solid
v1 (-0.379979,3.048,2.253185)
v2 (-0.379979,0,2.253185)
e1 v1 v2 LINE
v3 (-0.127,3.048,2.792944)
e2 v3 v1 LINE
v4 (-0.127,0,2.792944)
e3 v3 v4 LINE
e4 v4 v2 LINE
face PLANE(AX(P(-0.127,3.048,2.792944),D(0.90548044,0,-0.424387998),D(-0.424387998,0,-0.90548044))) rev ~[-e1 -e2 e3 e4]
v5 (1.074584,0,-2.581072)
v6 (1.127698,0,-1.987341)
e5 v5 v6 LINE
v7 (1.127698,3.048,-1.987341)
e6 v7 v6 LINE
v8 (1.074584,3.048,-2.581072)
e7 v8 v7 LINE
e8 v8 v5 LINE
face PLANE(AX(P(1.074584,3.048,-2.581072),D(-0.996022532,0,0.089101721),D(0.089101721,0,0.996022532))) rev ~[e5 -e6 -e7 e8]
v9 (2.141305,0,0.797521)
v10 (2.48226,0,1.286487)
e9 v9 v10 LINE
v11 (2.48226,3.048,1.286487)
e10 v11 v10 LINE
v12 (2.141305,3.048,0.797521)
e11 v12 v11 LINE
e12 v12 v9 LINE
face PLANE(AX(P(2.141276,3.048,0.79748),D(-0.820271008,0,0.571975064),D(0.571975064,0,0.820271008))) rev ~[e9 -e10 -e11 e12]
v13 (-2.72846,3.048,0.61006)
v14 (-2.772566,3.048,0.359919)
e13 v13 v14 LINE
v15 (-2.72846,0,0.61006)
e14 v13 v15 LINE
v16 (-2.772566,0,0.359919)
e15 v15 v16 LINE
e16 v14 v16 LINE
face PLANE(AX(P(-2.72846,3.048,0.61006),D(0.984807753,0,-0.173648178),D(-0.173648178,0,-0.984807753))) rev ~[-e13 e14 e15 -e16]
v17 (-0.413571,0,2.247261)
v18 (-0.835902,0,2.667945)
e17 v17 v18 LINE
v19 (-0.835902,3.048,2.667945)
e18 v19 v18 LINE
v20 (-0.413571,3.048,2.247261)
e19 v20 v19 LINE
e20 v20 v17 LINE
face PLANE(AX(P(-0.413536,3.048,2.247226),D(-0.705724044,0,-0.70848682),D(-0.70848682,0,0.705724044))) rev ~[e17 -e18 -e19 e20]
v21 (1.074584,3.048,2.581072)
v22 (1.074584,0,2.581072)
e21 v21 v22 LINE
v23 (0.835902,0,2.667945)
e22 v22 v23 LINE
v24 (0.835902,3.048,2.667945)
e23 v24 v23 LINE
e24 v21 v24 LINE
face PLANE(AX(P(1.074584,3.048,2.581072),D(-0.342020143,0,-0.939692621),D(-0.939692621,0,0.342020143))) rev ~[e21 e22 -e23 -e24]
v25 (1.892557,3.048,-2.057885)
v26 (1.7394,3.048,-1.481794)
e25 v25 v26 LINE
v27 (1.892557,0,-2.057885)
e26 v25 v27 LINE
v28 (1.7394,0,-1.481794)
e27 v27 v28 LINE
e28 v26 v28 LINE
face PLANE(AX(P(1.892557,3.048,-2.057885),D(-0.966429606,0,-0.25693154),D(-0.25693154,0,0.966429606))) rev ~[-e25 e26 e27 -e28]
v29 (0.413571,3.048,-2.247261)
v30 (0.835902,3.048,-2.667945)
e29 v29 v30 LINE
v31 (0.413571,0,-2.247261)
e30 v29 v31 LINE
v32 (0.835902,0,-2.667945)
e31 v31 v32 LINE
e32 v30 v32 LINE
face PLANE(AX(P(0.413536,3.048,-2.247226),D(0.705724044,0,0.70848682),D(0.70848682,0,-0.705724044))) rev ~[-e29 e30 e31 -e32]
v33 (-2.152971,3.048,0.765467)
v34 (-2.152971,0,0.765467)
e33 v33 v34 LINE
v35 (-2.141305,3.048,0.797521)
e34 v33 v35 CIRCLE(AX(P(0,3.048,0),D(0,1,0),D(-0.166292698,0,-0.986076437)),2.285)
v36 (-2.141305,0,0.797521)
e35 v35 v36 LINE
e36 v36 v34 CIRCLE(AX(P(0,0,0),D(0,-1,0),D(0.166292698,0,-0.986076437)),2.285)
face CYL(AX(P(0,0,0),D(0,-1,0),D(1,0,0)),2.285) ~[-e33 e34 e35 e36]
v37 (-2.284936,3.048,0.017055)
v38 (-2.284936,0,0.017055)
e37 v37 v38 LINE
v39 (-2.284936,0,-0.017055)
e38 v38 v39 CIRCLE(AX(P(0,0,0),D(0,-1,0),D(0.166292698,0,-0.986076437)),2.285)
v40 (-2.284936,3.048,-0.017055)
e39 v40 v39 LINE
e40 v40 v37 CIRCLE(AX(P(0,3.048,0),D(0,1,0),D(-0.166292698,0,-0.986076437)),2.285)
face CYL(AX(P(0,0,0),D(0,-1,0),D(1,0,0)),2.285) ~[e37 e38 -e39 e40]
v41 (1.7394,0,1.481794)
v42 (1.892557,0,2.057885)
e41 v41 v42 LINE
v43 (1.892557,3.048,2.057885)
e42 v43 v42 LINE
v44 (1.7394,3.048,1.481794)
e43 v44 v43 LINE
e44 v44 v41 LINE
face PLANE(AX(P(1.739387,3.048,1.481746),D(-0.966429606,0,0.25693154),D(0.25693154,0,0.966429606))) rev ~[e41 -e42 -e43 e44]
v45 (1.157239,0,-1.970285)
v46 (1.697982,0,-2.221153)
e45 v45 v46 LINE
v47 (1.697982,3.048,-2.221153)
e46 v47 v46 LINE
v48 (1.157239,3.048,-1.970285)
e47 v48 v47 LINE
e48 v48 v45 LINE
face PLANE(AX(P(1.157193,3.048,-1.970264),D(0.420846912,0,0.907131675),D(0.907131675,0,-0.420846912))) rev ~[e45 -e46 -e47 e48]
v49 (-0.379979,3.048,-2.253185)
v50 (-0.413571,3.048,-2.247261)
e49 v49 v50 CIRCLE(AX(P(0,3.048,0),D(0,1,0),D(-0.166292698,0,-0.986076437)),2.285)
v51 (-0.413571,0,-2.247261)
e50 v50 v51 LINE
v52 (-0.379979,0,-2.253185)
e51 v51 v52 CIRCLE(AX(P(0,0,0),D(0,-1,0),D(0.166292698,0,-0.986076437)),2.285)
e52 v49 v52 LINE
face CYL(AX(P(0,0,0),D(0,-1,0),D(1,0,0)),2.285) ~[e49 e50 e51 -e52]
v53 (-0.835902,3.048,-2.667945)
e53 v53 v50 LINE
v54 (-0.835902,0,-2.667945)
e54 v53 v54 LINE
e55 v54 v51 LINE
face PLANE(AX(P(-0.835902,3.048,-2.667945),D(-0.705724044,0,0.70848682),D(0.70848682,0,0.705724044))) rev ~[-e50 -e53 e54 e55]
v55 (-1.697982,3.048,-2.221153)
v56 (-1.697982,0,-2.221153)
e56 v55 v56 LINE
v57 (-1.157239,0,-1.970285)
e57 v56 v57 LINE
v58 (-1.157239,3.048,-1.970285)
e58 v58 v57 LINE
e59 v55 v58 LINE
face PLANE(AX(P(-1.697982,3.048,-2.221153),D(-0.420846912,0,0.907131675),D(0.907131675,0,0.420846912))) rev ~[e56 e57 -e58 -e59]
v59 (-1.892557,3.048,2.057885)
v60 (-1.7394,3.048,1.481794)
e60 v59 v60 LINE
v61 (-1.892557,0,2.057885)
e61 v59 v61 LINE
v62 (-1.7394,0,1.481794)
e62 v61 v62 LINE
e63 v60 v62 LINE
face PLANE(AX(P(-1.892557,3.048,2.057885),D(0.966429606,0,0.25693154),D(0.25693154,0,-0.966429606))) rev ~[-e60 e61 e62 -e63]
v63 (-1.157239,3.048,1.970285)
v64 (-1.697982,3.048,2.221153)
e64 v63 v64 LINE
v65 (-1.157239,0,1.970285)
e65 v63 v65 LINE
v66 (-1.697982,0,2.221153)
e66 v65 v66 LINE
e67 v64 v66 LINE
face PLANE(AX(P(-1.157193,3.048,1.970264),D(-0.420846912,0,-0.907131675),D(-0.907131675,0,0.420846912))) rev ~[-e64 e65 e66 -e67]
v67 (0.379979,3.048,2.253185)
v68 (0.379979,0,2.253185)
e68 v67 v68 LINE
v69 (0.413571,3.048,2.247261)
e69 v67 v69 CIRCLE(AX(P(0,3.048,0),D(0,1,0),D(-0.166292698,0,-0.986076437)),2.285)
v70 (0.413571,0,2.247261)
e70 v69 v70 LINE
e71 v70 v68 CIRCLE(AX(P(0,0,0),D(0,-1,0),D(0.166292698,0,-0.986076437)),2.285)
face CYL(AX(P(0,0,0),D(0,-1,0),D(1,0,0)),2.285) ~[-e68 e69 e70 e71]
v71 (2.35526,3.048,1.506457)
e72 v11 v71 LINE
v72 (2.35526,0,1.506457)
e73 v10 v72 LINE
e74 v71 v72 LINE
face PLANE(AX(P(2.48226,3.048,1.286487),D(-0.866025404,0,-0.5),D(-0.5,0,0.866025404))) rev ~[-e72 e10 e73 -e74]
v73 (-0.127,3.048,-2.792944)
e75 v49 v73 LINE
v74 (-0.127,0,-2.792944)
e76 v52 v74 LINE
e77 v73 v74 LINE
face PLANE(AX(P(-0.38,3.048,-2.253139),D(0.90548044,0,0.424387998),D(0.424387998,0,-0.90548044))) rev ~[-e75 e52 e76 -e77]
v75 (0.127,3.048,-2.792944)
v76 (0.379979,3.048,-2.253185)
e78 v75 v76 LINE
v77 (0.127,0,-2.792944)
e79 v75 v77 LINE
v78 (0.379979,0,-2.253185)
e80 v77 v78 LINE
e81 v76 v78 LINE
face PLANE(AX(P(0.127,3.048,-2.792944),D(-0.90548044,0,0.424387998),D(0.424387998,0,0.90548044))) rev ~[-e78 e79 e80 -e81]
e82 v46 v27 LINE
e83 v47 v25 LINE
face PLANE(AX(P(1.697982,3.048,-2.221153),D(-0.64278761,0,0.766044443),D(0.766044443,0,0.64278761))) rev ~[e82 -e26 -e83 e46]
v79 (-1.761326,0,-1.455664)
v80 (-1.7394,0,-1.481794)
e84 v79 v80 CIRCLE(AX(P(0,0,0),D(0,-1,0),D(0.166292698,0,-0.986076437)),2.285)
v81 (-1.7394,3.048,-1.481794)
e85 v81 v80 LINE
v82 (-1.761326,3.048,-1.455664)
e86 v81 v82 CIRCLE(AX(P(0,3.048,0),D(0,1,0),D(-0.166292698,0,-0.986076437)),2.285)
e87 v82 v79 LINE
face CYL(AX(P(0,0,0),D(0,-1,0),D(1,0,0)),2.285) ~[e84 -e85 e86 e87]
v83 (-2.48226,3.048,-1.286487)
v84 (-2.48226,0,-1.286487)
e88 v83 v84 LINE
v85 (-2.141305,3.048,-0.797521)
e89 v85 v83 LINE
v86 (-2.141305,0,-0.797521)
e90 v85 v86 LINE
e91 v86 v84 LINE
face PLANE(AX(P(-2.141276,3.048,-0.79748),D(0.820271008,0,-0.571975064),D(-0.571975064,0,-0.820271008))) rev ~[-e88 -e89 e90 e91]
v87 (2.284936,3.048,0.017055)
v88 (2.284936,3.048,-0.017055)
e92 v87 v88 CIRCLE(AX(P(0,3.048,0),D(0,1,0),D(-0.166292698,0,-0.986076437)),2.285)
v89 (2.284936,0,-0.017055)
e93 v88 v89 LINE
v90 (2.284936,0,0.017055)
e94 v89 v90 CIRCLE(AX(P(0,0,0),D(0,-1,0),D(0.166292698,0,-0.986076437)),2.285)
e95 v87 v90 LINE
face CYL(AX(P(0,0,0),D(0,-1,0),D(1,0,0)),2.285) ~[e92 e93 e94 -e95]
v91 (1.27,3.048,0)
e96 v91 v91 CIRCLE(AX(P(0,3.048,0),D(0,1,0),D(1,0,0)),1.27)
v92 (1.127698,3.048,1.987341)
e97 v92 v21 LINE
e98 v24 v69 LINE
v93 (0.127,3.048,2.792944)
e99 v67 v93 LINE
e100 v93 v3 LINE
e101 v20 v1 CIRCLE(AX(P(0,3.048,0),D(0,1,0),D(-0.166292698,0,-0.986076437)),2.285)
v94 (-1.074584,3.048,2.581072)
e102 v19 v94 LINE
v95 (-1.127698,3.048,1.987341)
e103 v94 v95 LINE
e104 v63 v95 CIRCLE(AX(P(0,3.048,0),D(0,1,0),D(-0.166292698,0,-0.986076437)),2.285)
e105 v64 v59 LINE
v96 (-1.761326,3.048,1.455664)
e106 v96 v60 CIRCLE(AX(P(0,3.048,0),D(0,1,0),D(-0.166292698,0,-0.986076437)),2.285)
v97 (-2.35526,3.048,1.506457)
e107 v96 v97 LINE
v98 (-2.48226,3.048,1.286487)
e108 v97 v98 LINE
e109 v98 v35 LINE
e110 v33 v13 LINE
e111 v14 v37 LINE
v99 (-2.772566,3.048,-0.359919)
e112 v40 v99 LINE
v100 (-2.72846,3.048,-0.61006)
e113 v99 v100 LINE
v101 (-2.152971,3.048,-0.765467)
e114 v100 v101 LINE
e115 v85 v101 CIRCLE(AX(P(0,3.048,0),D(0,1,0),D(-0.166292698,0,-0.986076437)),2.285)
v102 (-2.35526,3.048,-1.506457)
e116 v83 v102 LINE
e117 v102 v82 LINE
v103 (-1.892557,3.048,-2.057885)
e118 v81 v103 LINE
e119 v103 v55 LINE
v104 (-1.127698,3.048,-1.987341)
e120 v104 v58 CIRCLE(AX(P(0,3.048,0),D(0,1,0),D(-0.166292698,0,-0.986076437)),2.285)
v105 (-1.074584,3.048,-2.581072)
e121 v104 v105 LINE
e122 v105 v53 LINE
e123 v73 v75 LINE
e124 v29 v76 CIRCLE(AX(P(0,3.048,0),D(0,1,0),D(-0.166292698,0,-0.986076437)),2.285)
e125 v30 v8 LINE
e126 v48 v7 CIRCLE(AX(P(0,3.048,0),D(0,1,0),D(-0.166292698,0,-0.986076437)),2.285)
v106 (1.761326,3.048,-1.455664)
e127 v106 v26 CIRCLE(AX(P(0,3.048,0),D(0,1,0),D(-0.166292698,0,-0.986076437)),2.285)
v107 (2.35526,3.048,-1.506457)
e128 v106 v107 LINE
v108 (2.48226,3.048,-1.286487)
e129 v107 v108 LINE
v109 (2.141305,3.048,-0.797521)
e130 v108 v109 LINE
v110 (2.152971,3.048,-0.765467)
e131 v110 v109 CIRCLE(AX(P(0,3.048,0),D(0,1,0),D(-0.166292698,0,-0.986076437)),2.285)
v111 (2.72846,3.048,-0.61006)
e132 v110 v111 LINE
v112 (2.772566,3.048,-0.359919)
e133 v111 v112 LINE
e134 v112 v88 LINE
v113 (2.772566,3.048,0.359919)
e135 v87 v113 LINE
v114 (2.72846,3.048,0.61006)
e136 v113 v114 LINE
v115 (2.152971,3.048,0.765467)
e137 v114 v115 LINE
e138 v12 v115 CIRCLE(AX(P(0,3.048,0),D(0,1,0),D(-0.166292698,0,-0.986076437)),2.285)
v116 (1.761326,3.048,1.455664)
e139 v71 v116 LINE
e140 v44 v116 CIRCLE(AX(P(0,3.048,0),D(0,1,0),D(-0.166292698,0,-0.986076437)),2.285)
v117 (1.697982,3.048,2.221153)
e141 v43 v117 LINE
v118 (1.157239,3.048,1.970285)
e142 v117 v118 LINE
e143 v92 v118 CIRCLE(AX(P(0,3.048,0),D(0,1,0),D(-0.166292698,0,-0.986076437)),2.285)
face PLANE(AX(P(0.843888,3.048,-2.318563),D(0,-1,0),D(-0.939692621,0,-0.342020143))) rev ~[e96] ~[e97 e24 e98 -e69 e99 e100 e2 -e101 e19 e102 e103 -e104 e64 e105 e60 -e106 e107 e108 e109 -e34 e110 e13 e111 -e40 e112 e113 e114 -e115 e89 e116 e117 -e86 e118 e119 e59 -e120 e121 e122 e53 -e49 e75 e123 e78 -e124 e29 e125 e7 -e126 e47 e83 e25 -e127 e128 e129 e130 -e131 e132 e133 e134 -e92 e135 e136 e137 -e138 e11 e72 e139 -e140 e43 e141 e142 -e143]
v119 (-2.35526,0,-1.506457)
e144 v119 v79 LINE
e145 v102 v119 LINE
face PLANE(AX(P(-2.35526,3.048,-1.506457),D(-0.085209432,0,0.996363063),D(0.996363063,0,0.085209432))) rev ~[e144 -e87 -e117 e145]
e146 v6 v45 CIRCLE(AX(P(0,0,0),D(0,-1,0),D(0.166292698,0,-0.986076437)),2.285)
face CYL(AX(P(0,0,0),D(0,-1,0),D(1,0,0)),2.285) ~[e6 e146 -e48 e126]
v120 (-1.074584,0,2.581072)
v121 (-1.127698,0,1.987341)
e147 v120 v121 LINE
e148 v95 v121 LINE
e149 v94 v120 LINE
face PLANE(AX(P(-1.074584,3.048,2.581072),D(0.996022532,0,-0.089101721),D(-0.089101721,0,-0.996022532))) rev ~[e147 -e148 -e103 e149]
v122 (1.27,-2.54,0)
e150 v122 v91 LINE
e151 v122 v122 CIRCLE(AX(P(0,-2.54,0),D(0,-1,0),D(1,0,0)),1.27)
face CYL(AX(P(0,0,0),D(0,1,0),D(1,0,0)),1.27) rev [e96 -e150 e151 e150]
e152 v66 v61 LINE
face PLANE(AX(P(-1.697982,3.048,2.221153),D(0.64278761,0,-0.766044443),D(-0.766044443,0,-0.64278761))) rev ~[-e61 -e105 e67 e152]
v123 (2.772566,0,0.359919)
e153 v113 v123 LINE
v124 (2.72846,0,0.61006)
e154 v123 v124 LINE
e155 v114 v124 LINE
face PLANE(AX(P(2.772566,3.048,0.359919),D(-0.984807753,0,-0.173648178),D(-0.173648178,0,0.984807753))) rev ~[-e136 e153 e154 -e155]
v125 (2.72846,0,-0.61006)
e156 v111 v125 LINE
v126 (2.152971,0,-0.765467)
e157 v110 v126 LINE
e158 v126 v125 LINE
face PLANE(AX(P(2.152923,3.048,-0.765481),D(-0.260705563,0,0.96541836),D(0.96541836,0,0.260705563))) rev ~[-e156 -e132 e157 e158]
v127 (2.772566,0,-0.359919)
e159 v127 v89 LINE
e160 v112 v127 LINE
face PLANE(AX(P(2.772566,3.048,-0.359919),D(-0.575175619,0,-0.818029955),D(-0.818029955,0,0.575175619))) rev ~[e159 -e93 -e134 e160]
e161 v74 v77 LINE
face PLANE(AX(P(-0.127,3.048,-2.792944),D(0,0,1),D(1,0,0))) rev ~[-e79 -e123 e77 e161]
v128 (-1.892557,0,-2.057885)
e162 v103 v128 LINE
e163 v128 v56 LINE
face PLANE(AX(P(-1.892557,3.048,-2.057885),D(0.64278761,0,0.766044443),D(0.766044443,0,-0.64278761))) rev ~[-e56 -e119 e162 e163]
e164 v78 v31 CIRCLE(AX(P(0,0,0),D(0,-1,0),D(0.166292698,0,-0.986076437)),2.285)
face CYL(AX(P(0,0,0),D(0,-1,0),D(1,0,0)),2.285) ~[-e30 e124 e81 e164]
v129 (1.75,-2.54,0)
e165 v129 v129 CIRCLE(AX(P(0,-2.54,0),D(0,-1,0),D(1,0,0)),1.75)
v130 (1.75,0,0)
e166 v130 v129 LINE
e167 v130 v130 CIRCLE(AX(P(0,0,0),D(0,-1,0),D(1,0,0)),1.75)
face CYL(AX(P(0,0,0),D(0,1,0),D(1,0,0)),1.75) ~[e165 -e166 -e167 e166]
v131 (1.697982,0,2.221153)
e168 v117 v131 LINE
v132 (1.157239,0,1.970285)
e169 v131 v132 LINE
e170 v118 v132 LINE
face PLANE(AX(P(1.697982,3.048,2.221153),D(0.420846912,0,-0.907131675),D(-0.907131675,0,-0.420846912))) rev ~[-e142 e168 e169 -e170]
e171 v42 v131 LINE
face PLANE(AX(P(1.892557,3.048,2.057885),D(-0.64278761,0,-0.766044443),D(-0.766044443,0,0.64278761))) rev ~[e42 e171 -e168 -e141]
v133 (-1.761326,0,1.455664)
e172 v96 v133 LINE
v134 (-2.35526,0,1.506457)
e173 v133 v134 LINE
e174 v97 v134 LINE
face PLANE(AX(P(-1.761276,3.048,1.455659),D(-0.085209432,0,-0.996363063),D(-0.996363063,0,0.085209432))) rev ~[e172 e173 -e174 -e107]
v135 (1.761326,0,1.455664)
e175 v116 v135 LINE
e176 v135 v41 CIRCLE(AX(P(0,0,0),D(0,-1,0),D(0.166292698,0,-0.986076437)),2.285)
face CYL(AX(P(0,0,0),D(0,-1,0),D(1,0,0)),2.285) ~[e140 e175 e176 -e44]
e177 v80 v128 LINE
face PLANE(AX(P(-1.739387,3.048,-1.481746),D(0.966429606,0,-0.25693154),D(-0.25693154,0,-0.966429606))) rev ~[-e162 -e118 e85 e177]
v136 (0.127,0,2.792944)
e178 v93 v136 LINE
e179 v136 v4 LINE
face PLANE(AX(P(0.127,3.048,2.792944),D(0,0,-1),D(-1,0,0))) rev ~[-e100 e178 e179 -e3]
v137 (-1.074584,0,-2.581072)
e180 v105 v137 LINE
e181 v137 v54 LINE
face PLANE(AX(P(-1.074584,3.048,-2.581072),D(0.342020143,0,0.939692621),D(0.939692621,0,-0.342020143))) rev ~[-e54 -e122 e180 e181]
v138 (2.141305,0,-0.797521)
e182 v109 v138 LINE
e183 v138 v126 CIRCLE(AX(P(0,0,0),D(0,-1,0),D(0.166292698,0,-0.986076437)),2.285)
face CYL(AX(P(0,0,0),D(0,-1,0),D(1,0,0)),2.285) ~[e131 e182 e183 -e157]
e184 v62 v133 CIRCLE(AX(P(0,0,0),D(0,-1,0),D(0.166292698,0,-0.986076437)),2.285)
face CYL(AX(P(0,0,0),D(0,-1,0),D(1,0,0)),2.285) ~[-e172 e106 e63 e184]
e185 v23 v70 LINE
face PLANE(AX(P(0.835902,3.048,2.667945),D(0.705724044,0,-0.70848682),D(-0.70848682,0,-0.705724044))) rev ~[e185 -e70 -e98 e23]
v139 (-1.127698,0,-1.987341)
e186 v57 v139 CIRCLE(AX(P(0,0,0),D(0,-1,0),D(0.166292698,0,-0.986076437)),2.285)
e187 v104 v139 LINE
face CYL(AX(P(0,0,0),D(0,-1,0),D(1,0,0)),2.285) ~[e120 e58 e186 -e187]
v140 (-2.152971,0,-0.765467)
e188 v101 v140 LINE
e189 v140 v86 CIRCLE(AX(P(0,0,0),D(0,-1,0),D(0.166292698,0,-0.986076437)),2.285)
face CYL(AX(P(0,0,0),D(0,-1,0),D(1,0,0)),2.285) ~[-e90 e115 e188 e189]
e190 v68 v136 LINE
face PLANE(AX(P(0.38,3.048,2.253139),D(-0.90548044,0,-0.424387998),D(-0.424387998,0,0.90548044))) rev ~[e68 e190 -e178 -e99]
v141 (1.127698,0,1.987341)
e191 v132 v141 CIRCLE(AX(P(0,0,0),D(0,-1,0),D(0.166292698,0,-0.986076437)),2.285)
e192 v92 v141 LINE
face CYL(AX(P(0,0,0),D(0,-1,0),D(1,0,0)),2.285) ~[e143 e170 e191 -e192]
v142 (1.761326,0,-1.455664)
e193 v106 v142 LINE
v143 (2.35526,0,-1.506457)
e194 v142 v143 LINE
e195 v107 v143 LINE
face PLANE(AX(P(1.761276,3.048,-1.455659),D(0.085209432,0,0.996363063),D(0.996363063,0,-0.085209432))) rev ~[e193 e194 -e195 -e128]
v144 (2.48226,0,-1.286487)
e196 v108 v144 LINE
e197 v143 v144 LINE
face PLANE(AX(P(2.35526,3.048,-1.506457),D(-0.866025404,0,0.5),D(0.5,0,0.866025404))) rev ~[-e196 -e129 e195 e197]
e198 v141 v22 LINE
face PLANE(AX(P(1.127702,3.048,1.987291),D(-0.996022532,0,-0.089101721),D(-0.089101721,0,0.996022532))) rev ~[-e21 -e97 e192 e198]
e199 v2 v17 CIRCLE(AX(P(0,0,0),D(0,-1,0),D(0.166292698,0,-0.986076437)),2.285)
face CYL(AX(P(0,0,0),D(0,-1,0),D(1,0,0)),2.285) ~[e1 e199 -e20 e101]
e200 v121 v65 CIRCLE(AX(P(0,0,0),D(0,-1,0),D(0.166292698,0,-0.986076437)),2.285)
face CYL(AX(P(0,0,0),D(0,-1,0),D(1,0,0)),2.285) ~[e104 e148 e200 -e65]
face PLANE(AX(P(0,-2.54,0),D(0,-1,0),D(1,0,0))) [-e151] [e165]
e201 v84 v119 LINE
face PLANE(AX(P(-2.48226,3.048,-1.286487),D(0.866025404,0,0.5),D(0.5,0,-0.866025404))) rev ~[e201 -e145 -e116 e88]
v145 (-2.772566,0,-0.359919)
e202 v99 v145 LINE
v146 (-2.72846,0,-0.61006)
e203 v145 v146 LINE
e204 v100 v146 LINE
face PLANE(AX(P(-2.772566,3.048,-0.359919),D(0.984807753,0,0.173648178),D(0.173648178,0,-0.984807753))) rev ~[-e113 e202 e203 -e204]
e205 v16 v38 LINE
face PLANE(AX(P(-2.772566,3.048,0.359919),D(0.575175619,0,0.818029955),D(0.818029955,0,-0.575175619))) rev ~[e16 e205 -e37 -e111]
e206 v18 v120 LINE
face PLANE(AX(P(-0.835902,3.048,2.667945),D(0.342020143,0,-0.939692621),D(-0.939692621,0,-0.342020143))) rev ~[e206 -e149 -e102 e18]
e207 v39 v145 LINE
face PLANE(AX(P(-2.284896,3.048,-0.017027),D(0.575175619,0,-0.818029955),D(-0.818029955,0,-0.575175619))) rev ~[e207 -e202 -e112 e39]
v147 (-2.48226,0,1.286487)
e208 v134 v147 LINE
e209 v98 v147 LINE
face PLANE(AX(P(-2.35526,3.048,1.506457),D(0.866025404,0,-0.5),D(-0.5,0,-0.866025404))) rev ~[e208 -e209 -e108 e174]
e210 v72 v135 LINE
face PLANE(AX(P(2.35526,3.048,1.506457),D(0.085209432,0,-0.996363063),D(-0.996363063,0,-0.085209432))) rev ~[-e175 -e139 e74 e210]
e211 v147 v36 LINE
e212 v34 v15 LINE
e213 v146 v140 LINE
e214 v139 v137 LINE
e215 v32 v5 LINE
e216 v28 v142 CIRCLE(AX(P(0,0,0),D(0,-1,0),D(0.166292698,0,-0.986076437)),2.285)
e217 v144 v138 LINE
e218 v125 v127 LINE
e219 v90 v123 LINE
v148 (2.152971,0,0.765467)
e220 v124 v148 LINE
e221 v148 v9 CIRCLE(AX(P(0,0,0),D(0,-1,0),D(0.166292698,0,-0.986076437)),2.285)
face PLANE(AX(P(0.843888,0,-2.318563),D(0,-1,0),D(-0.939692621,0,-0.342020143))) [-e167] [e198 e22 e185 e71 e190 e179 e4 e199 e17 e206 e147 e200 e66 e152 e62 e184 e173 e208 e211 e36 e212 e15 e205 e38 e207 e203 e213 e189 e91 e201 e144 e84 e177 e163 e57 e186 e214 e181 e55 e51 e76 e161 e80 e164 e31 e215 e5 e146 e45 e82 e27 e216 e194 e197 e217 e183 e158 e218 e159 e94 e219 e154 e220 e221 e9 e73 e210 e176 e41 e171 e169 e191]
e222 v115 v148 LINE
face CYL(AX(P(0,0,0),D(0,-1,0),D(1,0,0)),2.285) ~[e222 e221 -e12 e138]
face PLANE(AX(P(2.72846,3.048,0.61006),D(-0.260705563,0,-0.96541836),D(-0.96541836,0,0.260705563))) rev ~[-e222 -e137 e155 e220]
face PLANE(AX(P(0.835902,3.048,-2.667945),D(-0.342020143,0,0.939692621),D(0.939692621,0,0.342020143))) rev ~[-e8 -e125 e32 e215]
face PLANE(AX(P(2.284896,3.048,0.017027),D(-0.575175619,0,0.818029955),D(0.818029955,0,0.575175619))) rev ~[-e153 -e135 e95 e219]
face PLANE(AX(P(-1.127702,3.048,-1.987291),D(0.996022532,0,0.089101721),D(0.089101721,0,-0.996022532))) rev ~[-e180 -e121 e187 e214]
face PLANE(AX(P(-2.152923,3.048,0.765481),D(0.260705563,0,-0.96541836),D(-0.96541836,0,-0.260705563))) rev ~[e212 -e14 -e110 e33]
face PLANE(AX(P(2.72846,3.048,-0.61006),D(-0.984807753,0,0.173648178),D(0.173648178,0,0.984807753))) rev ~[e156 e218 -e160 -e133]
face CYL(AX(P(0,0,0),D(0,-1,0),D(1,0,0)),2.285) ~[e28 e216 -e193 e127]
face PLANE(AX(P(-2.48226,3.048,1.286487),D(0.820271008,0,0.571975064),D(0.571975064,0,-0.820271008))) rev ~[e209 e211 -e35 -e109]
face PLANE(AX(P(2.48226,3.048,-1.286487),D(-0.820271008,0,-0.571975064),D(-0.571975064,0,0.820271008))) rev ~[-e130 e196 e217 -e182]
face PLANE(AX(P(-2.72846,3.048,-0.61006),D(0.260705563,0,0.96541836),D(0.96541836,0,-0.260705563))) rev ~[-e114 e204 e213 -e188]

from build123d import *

# Parameters (mm, degrees)
SKETCH1_R           = 2.285
SKETCH1_R_2         = 1.27
BOSS_EXTRUDE1_DEPTH = 3.048
BOSS_EXTRUDE2_DEPTH = 3.048
CIRPATTERN1_COUNT   = 18
SKETCH3_R           = 1.75
SKETCH3_R_2         = 1.27
BOSS_EXTRUDE3_DEPTH = 2.54


with BuildPart() as part:
    # Sketch1 → Boss-Extrude1 (new body)
    with BuildSketch(Plane(origin=(0, 0, 0), x_dir=(1, 0, 0), z_dir=(0, 1, 0))):
        Circle(SKETCH1_R)
        Circle(SKETCH1_R_2, mode=Mode.SUBTRACT)
    extrude(amount=BOSS_EXTRUDE1_DEPTH)

    # Sketch2 → Boss-Extrude2 (add)
    with BuildSketch(Plane(origin=(0, 3.048, 0), x_dir=(1, 0, 0), z_dir=(0, 1, 0))):
        with BuildLine():
            Line((-0.127, 2.792943956), (0.127, 2.792943956))
            Line((0.127, 2.792943956), (0.38, 2.253139456))
            ThreePointArc((0.38, 2.253139456), (0, 2.285), (-0.38, 2.253139456))
            Line((-0.38, 2.253139456), (-0.127, 2.792943956))
        make_face()
    boss_extrude2 = extrude(amount=-BOSS_EXTRUDE2_DEPTH)

    # CirPattern1: Boss-Extrude2 ×18 about axis
    cirpattern1_axis = Axis((0, 0, 0), (0, 1, 0))
    for i in range(1, CIRPATTERN1_COUNT):
        add(boss_extrude2.rotate(cirpattern1_axis, i * 360 / CIRPATTERN1_COUNT))

    # Sketch3 → Boss-Extrude3 (add)
    with BuildSketch(Plane.XZ):
        Circle(SKETCH3_R)
        Circle(SKETCH3_R_2, mode=Mode.SUBTRACT)
    extrude(amount=BOSS_EXTRUDE3_DEPTH)


solid = part.part
